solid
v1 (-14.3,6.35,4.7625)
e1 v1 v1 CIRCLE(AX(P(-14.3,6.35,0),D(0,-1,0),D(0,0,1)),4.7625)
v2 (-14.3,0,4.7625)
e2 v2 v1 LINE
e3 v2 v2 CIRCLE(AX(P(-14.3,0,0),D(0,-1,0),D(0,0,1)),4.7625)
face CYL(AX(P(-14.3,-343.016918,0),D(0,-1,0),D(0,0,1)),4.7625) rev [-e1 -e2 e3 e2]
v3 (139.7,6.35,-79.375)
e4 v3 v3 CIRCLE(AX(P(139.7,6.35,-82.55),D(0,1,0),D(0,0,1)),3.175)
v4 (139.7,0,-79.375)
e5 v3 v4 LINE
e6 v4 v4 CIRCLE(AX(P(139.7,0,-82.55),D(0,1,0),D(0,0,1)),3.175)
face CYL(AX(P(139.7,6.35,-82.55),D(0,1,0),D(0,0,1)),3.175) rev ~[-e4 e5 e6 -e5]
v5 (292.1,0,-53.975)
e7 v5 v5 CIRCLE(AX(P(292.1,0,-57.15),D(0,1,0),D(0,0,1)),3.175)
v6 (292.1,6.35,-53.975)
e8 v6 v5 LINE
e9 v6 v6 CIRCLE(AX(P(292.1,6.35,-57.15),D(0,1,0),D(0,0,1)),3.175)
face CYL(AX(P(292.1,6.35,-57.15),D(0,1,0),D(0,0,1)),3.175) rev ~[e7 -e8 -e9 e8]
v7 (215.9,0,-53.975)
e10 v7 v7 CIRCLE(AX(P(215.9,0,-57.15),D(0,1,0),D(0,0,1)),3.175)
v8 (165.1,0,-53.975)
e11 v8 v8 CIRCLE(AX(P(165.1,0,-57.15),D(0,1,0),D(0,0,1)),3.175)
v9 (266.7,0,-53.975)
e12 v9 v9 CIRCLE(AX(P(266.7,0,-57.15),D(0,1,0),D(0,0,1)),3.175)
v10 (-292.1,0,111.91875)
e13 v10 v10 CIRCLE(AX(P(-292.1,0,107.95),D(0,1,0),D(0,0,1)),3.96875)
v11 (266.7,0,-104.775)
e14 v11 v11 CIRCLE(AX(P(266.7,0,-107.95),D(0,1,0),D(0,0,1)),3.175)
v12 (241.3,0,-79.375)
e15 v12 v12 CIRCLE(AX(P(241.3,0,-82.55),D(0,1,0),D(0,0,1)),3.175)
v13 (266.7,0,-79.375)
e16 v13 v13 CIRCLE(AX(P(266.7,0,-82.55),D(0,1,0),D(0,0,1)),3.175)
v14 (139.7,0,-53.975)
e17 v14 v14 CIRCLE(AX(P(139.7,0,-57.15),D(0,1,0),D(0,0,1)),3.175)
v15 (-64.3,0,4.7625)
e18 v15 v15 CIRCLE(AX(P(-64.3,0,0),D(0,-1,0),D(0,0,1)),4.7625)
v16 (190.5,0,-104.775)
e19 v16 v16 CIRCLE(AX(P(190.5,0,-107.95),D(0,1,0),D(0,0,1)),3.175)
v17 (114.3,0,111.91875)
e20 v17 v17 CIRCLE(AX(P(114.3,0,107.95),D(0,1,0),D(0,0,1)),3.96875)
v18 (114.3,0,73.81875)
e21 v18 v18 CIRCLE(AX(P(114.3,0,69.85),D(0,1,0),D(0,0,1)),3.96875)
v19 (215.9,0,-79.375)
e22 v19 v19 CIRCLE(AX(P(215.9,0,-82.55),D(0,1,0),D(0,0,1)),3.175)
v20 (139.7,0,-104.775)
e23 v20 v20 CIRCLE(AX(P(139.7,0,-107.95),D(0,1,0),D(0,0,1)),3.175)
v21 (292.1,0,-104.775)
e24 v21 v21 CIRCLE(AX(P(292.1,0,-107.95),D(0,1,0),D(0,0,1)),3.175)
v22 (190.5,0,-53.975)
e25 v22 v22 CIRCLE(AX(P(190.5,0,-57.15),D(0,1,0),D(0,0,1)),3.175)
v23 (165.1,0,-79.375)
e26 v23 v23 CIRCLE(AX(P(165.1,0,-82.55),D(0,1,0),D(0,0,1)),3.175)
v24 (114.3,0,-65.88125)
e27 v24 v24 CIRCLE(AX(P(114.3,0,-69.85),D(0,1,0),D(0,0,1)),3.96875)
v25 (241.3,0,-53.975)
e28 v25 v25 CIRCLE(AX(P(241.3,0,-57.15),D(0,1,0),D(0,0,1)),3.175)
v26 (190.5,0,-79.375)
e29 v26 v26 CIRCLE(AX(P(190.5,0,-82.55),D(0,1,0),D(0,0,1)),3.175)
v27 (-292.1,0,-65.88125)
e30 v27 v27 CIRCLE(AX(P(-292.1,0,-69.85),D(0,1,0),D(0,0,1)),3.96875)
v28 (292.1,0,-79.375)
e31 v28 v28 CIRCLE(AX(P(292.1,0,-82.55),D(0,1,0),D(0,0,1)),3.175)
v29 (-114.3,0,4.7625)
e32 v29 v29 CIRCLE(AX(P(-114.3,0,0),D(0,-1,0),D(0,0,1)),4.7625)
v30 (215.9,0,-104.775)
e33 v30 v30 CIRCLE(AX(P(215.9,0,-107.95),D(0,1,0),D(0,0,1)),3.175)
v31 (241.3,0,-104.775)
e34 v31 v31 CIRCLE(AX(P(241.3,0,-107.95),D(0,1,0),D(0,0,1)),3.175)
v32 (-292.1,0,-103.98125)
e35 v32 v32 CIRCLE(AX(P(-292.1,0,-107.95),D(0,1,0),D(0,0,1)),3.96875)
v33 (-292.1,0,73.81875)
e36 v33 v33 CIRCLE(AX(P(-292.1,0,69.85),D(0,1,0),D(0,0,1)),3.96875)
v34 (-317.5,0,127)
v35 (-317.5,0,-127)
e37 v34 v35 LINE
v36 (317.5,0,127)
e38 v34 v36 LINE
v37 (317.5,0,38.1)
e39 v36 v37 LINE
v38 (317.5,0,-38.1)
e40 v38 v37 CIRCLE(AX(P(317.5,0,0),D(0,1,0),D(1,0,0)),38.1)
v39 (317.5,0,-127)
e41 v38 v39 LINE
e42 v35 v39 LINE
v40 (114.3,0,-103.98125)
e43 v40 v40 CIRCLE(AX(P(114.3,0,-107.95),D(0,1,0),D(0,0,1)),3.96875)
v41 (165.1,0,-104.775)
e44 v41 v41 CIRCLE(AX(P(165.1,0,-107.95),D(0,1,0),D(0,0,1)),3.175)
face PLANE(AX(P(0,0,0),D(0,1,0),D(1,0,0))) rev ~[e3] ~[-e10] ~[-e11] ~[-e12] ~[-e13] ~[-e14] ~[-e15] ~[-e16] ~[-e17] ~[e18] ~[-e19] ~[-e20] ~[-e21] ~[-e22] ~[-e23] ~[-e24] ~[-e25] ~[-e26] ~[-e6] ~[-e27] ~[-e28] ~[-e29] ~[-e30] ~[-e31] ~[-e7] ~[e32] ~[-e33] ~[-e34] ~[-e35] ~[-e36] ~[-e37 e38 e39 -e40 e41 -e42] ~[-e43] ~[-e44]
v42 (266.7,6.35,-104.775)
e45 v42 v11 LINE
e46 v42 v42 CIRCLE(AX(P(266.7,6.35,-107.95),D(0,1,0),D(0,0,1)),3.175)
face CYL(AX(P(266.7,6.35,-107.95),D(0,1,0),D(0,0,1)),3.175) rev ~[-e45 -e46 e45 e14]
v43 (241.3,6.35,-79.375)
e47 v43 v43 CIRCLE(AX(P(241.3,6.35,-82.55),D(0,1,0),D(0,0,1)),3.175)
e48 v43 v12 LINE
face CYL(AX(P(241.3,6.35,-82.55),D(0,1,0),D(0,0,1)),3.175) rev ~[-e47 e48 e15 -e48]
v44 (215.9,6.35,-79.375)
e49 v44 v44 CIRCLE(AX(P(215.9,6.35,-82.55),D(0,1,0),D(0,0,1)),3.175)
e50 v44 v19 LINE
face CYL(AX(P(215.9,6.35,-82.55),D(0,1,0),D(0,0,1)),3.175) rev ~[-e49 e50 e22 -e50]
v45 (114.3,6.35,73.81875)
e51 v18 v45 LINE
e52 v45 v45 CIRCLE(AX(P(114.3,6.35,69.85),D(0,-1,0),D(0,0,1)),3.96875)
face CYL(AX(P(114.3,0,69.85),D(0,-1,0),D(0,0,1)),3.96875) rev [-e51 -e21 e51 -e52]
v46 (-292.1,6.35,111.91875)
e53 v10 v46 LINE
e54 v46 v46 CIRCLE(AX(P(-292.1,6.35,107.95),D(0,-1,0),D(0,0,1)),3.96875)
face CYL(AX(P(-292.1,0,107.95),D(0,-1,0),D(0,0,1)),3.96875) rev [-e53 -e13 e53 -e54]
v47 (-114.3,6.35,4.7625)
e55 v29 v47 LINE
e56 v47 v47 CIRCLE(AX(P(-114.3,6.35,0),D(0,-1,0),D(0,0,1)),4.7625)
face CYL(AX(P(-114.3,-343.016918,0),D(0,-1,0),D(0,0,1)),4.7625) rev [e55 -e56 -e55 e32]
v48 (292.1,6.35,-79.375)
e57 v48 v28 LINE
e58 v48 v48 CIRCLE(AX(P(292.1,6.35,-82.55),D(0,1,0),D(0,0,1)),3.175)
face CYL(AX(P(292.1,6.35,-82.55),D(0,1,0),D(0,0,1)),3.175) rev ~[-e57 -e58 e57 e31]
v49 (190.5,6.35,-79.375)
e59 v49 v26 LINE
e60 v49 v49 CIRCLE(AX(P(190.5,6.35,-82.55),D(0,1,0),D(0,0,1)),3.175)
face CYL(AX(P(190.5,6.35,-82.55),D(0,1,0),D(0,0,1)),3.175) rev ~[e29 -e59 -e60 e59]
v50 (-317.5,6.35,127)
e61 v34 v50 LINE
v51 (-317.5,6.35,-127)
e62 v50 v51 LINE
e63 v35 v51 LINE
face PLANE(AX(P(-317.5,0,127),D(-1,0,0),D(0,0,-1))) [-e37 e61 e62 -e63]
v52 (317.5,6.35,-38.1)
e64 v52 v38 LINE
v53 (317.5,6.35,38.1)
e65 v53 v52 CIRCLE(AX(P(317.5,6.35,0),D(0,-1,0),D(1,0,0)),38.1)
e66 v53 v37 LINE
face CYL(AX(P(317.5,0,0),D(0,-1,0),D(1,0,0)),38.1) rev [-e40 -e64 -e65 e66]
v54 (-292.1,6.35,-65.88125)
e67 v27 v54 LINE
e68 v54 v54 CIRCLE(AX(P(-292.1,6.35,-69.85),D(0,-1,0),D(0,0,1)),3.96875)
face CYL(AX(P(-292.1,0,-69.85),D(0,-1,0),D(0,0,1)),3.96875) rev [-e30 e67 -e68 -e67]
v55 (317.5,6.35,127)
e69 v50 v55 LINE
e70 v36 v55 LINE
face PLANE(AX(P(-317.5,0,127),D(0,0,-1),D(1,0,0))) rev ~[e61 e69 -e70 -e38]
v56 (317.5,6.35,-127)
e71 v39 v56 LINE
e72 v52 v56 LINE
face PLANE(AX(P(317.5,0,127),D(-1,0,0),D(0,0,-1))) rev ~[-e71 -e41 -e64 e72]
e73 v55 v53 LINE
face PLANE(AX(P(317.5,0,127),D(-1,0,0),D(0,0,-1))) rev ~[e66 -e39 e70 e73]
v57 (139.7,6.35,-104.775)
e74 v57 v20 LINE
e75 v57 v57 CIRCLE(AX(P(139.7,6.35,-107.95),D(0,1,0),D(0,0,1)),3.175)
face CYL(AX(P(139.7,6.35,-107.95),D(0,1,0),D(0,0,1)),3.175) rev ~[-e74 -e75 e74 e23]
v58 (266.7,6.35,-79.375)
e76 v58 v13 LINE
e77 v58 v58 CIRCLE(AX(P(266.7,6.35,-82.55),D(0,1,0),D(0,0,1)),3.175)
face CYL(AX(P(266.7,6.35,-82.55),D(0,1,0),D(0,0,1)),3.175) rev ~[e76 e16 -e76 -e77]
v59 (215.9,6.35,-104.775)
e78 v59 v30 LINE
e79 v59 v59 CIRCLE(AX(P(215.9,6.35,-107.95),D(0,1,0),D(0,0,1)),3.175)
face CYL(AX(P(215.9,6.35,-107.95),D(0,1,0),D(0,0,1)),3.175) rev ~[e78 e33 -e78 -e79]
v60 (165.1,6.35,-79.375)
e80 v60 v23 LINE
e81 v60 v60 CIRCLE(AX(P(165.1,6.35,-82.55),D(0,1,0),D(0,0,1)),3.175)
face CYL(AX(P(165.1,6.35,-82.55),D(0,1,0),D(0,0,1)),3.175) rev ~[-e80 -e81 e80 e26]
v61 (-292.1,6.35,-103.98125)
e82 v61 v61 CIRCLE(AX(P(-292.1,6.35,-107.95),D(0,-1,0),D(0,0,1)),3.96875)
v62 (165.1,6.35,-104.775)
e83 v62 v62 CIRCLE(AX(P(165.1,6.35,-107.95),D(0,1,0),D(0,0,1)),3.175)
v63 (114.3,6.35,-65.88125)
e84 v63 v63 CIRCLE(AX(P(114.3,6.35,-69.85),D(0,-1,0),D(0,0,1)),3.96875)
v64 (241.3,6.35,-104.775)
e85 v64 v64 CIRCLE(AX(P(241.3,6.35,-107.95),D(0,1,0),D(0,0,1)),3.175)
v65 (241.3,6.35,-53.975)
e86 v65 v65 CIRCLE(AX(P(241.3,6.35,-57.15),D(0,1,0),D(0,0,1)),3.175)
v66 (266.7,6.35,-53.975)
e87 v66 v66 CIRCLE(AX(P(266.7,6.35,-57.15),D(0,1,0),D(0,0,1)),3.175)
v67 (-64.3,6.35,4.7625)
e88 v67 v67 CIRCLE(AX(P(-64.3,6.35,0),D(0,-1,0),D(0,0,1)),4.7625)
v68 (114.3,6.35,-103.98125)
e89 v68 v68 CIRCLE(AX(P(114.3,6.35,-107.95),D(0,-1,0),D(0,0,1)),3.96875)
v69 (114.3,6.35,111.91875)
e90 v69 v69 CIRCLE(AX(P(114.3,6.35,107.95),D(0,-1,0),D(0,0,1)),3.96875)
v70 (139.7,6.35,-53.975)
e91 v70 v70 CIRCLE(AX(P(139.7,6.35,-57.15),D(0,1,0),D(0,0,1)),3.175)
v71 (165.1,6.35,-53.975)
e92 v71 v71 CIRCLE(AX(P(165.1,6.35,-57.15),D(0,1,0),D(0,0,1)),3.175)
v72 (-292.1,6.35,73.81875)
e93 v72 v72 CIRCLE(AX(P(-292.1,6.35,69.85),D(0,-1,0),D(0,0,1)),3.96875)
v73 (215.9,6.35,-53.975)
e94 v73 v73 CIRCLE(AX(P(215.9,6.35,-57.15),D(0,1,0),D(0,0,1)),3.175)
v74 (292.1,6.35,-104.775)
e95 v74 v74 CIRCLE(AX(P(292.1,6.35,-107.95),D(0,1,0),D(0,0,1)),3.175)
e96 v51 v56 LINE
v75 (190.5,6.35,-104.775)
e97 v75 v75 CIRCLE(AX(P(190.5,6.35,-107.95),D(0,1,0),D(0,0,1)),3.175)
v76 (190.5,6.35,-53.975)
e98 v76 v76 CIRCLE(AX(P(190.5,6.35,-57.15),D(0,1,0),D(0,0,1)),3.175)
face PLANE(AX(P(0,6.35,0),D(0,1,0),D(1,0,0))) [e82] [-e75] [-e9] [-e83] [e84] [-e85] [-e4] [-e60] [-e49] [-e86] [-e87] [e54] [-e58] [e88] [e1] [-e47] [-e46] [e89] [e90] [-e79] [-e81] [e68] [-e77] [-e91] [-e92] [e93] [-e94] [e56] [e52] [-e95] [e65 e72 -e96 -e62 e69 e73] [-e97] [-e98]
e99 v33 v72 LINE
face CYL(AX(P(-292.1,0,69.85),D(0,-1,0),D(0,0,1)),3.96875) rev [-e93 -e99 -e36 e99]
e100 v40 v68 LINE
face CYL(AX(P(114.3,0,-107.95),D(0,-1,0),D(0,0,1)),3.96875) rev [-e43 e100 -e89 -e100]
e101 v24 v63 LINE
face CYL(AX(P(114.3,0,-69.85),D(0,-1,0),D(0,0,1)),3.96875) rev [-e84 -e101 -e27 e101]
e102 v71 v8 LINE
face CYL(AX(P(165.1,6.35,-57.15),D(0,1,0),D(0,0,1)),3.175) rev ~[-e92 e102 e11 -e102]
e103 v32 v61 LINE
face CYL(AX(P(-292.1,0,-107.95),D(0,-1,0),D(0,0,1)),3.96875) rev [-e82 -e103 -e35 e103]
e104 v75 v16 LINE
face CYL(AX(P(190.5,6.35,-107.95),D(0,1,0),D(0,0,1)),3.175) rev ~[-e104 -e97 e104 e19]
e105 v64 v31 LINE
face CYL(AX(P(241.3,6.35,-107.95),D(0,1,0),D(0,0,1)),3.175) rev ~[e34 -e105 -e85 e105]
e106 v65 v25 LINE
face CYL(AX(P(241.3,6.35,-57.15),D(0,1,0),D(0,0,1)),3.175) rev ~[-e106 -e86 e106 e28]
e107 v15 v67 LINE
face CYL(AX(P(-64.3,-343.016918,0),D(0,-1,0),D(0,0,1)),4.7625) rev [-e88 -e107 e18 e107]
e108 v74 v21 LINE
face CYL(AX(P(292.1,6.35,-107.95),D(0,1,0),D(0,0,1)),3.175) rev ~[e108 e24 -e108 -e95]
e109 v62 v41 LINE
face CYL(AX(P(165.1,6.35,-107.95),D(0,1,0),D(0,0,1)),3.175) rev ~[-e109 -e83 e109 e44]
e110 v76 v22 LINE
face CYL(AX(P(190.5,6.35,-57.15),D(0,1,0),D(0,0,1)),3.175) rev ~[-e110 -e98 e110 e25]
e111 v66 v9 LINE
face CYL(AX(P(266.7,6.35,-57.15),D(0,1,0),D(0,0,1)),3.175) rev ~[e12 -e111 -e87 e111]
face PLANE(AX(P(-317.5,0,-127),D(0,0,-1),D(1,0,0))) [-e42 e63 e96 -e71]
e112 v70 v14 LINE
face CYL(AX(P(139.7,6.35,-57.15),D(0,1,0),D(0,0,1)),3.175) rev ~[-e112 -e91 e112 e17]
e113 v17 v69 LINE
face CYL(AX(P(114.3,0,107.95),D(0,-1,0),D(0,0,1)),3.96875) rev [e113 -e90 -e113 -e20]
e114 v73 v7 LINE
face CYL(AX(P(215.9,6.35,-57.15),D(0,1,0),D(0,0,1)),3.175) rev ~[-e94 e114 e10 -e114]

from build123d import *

# Parameters (mm, degrees)
SKETCH1_W               = 635
SKETCH1_H               = 254
BOSS_EXTRUDE1_DEPTH     = 6.35
CUT_EXTRUDE2_DEPTH      = 343.016918441
CUT_EXTRUDE2_DEPTH_BACK = 343.016918441
SKETCH2_R               = 4.7625
SKETCH3_R               = 3.96875
CUT_EXTRUDE4_DEPTH      = 343.016918441
SKETCH4_R               = 38.1
CUT_EXTRUDE6_DEPTH      = 343.016918441
SKETCH5_R               = 3.175
CUT_EXTRUDE7_DEPTH      = 343.016918441


with BuildPart() as part:
    # Sketch1 → Boss-Extrude1 (new body)
    with BuildSketch(Plane(origin=(0, 0, 0), x_dir=(1, 0, 0), z_dir=(0, 1, 0))):
        Rectangle(SKETCH1_W, SKETCH1_H)
    extrude(amount=BOSS_EXTRUDE1_DEPTH)

    # Sketch2 → Cut-Extrude2 (cut, two sides: drawn at the far end of the back side and taken through both)
    with BuildSketch(Plane(origin=(0, 0, 0), x_dir=(-1, 0, 0), z_dir=(0, 1, 0)).offset(-CUT_EXTRUDE2_DEPTH_BACK)):
        with Locations(Location((114.3, 0, 0), (0, 0, 90))):
            Circle(SKETCH2_R)
        with Locations(Location((64.3, 0, 0), (0, 0, 90))):
            Circle(SKETCH2_R)
        with Locations(Location((14.3, 0, 0), (0, 0, 90))):
            Circle(SKETCH2_R)
    extrude(amount=CUT_EXTRUDE2_DEPTH + CUT_EXTRUDE2_DEPTH_BACK, mode=Mode.SUBTRACT)

    # Sketch3 → Cut-Extrude4 (cut, through all)
    with BuildSketch(Plane(origin=(0, 0, 0), x_dir=(1, 0, 0), z_dir=(0, 1, 0))):
        with Locations(Location((-292.1, 107.95, 0), (0, 0, 270))):
            Circle(SKETCH3_R)
        with Locations(Location((-292.1, 69.85, 0), (0, 0, 270))):
            Circle(SKETCH3_R)
        with Locations(Location((-292.1, -69.85, 0), (0, 0, 270))):
            Circle(SKETCH3_R)
        with Locations(Location((-292.1, -107.95, 0), (0, 0, 270))):
            Circle(SKETCH3_R)
        with Locations(Location((114.3, 107.95, 0), (0, 0, 270))):
            Circle(SKETCH3_R)
        with Locations(Location((114.3, 69.85, 0), (0, 0, 270))):
            Circle(SKETCH3_R)
        with Locations(Location((114.3, -69.85, 0), (0, 0, 270))):
            Circle(SKETCH3_R)
        with Locations(Location((114.3, -107.95, 0), (0, 0, 270))):
            Circle(SKETCH3_R)
    extrude(amount=CUT_EXTRUDE4_DEPTH, mode=Mode.SUBTRACT)

    # Sketch4 → Cut-Extrude6 (cut, through all)
    with BuildSketch(Plane(origin=(0, 0, 0), x_dir=(1, 0, 0), z_dir=(0, 1, 0))):
        with Locations((317.5, 0)):
            Circle(SKETCH4_R)
    extrude(amount=CUT_EXTRUDE6_DEPTH, mode=Mode.SUBTRACT)

    # Sketch5 → Cut-Extrude7 (cut, through all)
    with BuildSketch(Plane(origin=(0, 6.35, 0), x_dir=(1, 0, 0), z_dir=(0, 1, 0))):
        with Locations(Location((139.7, 107.95, 0), (0, 0, 270))):
            Circle(SKETCH5_R)
        with Locations(Location((165.1, 107.95, 0), (0, 0, 270))):
            Circle(SKETCH5_R)
        with Locations(Location((190.5, 107.95, 0), (0, 0, 270))):
            Circle(SKETCH5_R)
        with Locations(Location((215.9, 107.95, 0), (0, 0, 270))):
            Circle(SKETCH5_R)
        with Locations(Location((241.3, 107.95, 0), (0, 0, 270))):
            Circle(SKETCH5_R)
        with Locations(Location((266.7, 107.95, 0), (0, 0, 270))):
            Circle(SKETCH5_R)
        with Locations(Location((292.1, 107.95, 0), (0, 0, 270))):
            Circle(SKETCH5_R)
        with Locations(Location((165.1, 82.55, 0), (0, 0, 270))):
            Circle(SKETCH5_R)
        with Locations(Location((190.5, 82.55, 0), (0, 0, 270))):
            Circle(SKETCH5_R)
        with Locations(Location((215.9, 82.55, 0), (0, 0, 270))):
            Circle(SKETCH5_R)
        with Locations(Location((241.3, 82.55, 0), (0, 0, 270))):
            Circle(SKETCH5_R)
        with Locations(Location((266.7, 82.55, 0), (0, 0, 270))):
            Circle(SKETCH5_R)
        with Locations(Location((292.1, 82.55, 0), (0, 0, 270))):
            Circle(SKETCH5_R)
        with Locations(Location((165.1, 57.15, 0), (0, 0, 270))):
            Circle(SKETCH5_R)
        with Locations(Location((190.5, 57.15, 0), (0, 0, 270))):
            Circle(SKETCH5_R)
        with Locations(Location((215.9, 57.15, 0), (0, 0, 270))):
            Circle(SKETCH5_R)
        with Locations(Location((241.3, 57.15, 0), (0, 0, 270))):
            Circle(SKETCH5_R)
        with Locations(Location((266.7, 57.15, 0), (0, 0, 270))):
            Circle(SKETCH5_R)
        with Locations(Location((292.1, 57.15, 0), (0, 0, 270))):
            Circle(SKETCH5_R)
        with Locations(Location((139.7, 82.55, 0), (0, 0, 270))):
            Circle(SKETCH5_R)
        with Locations(Location((139.7, 57.15, 0), (0, 0, 270))):
            Circle(SKETCH5_R)
    extrude(amount=-CUT_EXTRUDE7_DEPTH, mode=Mode.SUBTRACT)


solid = part.part
